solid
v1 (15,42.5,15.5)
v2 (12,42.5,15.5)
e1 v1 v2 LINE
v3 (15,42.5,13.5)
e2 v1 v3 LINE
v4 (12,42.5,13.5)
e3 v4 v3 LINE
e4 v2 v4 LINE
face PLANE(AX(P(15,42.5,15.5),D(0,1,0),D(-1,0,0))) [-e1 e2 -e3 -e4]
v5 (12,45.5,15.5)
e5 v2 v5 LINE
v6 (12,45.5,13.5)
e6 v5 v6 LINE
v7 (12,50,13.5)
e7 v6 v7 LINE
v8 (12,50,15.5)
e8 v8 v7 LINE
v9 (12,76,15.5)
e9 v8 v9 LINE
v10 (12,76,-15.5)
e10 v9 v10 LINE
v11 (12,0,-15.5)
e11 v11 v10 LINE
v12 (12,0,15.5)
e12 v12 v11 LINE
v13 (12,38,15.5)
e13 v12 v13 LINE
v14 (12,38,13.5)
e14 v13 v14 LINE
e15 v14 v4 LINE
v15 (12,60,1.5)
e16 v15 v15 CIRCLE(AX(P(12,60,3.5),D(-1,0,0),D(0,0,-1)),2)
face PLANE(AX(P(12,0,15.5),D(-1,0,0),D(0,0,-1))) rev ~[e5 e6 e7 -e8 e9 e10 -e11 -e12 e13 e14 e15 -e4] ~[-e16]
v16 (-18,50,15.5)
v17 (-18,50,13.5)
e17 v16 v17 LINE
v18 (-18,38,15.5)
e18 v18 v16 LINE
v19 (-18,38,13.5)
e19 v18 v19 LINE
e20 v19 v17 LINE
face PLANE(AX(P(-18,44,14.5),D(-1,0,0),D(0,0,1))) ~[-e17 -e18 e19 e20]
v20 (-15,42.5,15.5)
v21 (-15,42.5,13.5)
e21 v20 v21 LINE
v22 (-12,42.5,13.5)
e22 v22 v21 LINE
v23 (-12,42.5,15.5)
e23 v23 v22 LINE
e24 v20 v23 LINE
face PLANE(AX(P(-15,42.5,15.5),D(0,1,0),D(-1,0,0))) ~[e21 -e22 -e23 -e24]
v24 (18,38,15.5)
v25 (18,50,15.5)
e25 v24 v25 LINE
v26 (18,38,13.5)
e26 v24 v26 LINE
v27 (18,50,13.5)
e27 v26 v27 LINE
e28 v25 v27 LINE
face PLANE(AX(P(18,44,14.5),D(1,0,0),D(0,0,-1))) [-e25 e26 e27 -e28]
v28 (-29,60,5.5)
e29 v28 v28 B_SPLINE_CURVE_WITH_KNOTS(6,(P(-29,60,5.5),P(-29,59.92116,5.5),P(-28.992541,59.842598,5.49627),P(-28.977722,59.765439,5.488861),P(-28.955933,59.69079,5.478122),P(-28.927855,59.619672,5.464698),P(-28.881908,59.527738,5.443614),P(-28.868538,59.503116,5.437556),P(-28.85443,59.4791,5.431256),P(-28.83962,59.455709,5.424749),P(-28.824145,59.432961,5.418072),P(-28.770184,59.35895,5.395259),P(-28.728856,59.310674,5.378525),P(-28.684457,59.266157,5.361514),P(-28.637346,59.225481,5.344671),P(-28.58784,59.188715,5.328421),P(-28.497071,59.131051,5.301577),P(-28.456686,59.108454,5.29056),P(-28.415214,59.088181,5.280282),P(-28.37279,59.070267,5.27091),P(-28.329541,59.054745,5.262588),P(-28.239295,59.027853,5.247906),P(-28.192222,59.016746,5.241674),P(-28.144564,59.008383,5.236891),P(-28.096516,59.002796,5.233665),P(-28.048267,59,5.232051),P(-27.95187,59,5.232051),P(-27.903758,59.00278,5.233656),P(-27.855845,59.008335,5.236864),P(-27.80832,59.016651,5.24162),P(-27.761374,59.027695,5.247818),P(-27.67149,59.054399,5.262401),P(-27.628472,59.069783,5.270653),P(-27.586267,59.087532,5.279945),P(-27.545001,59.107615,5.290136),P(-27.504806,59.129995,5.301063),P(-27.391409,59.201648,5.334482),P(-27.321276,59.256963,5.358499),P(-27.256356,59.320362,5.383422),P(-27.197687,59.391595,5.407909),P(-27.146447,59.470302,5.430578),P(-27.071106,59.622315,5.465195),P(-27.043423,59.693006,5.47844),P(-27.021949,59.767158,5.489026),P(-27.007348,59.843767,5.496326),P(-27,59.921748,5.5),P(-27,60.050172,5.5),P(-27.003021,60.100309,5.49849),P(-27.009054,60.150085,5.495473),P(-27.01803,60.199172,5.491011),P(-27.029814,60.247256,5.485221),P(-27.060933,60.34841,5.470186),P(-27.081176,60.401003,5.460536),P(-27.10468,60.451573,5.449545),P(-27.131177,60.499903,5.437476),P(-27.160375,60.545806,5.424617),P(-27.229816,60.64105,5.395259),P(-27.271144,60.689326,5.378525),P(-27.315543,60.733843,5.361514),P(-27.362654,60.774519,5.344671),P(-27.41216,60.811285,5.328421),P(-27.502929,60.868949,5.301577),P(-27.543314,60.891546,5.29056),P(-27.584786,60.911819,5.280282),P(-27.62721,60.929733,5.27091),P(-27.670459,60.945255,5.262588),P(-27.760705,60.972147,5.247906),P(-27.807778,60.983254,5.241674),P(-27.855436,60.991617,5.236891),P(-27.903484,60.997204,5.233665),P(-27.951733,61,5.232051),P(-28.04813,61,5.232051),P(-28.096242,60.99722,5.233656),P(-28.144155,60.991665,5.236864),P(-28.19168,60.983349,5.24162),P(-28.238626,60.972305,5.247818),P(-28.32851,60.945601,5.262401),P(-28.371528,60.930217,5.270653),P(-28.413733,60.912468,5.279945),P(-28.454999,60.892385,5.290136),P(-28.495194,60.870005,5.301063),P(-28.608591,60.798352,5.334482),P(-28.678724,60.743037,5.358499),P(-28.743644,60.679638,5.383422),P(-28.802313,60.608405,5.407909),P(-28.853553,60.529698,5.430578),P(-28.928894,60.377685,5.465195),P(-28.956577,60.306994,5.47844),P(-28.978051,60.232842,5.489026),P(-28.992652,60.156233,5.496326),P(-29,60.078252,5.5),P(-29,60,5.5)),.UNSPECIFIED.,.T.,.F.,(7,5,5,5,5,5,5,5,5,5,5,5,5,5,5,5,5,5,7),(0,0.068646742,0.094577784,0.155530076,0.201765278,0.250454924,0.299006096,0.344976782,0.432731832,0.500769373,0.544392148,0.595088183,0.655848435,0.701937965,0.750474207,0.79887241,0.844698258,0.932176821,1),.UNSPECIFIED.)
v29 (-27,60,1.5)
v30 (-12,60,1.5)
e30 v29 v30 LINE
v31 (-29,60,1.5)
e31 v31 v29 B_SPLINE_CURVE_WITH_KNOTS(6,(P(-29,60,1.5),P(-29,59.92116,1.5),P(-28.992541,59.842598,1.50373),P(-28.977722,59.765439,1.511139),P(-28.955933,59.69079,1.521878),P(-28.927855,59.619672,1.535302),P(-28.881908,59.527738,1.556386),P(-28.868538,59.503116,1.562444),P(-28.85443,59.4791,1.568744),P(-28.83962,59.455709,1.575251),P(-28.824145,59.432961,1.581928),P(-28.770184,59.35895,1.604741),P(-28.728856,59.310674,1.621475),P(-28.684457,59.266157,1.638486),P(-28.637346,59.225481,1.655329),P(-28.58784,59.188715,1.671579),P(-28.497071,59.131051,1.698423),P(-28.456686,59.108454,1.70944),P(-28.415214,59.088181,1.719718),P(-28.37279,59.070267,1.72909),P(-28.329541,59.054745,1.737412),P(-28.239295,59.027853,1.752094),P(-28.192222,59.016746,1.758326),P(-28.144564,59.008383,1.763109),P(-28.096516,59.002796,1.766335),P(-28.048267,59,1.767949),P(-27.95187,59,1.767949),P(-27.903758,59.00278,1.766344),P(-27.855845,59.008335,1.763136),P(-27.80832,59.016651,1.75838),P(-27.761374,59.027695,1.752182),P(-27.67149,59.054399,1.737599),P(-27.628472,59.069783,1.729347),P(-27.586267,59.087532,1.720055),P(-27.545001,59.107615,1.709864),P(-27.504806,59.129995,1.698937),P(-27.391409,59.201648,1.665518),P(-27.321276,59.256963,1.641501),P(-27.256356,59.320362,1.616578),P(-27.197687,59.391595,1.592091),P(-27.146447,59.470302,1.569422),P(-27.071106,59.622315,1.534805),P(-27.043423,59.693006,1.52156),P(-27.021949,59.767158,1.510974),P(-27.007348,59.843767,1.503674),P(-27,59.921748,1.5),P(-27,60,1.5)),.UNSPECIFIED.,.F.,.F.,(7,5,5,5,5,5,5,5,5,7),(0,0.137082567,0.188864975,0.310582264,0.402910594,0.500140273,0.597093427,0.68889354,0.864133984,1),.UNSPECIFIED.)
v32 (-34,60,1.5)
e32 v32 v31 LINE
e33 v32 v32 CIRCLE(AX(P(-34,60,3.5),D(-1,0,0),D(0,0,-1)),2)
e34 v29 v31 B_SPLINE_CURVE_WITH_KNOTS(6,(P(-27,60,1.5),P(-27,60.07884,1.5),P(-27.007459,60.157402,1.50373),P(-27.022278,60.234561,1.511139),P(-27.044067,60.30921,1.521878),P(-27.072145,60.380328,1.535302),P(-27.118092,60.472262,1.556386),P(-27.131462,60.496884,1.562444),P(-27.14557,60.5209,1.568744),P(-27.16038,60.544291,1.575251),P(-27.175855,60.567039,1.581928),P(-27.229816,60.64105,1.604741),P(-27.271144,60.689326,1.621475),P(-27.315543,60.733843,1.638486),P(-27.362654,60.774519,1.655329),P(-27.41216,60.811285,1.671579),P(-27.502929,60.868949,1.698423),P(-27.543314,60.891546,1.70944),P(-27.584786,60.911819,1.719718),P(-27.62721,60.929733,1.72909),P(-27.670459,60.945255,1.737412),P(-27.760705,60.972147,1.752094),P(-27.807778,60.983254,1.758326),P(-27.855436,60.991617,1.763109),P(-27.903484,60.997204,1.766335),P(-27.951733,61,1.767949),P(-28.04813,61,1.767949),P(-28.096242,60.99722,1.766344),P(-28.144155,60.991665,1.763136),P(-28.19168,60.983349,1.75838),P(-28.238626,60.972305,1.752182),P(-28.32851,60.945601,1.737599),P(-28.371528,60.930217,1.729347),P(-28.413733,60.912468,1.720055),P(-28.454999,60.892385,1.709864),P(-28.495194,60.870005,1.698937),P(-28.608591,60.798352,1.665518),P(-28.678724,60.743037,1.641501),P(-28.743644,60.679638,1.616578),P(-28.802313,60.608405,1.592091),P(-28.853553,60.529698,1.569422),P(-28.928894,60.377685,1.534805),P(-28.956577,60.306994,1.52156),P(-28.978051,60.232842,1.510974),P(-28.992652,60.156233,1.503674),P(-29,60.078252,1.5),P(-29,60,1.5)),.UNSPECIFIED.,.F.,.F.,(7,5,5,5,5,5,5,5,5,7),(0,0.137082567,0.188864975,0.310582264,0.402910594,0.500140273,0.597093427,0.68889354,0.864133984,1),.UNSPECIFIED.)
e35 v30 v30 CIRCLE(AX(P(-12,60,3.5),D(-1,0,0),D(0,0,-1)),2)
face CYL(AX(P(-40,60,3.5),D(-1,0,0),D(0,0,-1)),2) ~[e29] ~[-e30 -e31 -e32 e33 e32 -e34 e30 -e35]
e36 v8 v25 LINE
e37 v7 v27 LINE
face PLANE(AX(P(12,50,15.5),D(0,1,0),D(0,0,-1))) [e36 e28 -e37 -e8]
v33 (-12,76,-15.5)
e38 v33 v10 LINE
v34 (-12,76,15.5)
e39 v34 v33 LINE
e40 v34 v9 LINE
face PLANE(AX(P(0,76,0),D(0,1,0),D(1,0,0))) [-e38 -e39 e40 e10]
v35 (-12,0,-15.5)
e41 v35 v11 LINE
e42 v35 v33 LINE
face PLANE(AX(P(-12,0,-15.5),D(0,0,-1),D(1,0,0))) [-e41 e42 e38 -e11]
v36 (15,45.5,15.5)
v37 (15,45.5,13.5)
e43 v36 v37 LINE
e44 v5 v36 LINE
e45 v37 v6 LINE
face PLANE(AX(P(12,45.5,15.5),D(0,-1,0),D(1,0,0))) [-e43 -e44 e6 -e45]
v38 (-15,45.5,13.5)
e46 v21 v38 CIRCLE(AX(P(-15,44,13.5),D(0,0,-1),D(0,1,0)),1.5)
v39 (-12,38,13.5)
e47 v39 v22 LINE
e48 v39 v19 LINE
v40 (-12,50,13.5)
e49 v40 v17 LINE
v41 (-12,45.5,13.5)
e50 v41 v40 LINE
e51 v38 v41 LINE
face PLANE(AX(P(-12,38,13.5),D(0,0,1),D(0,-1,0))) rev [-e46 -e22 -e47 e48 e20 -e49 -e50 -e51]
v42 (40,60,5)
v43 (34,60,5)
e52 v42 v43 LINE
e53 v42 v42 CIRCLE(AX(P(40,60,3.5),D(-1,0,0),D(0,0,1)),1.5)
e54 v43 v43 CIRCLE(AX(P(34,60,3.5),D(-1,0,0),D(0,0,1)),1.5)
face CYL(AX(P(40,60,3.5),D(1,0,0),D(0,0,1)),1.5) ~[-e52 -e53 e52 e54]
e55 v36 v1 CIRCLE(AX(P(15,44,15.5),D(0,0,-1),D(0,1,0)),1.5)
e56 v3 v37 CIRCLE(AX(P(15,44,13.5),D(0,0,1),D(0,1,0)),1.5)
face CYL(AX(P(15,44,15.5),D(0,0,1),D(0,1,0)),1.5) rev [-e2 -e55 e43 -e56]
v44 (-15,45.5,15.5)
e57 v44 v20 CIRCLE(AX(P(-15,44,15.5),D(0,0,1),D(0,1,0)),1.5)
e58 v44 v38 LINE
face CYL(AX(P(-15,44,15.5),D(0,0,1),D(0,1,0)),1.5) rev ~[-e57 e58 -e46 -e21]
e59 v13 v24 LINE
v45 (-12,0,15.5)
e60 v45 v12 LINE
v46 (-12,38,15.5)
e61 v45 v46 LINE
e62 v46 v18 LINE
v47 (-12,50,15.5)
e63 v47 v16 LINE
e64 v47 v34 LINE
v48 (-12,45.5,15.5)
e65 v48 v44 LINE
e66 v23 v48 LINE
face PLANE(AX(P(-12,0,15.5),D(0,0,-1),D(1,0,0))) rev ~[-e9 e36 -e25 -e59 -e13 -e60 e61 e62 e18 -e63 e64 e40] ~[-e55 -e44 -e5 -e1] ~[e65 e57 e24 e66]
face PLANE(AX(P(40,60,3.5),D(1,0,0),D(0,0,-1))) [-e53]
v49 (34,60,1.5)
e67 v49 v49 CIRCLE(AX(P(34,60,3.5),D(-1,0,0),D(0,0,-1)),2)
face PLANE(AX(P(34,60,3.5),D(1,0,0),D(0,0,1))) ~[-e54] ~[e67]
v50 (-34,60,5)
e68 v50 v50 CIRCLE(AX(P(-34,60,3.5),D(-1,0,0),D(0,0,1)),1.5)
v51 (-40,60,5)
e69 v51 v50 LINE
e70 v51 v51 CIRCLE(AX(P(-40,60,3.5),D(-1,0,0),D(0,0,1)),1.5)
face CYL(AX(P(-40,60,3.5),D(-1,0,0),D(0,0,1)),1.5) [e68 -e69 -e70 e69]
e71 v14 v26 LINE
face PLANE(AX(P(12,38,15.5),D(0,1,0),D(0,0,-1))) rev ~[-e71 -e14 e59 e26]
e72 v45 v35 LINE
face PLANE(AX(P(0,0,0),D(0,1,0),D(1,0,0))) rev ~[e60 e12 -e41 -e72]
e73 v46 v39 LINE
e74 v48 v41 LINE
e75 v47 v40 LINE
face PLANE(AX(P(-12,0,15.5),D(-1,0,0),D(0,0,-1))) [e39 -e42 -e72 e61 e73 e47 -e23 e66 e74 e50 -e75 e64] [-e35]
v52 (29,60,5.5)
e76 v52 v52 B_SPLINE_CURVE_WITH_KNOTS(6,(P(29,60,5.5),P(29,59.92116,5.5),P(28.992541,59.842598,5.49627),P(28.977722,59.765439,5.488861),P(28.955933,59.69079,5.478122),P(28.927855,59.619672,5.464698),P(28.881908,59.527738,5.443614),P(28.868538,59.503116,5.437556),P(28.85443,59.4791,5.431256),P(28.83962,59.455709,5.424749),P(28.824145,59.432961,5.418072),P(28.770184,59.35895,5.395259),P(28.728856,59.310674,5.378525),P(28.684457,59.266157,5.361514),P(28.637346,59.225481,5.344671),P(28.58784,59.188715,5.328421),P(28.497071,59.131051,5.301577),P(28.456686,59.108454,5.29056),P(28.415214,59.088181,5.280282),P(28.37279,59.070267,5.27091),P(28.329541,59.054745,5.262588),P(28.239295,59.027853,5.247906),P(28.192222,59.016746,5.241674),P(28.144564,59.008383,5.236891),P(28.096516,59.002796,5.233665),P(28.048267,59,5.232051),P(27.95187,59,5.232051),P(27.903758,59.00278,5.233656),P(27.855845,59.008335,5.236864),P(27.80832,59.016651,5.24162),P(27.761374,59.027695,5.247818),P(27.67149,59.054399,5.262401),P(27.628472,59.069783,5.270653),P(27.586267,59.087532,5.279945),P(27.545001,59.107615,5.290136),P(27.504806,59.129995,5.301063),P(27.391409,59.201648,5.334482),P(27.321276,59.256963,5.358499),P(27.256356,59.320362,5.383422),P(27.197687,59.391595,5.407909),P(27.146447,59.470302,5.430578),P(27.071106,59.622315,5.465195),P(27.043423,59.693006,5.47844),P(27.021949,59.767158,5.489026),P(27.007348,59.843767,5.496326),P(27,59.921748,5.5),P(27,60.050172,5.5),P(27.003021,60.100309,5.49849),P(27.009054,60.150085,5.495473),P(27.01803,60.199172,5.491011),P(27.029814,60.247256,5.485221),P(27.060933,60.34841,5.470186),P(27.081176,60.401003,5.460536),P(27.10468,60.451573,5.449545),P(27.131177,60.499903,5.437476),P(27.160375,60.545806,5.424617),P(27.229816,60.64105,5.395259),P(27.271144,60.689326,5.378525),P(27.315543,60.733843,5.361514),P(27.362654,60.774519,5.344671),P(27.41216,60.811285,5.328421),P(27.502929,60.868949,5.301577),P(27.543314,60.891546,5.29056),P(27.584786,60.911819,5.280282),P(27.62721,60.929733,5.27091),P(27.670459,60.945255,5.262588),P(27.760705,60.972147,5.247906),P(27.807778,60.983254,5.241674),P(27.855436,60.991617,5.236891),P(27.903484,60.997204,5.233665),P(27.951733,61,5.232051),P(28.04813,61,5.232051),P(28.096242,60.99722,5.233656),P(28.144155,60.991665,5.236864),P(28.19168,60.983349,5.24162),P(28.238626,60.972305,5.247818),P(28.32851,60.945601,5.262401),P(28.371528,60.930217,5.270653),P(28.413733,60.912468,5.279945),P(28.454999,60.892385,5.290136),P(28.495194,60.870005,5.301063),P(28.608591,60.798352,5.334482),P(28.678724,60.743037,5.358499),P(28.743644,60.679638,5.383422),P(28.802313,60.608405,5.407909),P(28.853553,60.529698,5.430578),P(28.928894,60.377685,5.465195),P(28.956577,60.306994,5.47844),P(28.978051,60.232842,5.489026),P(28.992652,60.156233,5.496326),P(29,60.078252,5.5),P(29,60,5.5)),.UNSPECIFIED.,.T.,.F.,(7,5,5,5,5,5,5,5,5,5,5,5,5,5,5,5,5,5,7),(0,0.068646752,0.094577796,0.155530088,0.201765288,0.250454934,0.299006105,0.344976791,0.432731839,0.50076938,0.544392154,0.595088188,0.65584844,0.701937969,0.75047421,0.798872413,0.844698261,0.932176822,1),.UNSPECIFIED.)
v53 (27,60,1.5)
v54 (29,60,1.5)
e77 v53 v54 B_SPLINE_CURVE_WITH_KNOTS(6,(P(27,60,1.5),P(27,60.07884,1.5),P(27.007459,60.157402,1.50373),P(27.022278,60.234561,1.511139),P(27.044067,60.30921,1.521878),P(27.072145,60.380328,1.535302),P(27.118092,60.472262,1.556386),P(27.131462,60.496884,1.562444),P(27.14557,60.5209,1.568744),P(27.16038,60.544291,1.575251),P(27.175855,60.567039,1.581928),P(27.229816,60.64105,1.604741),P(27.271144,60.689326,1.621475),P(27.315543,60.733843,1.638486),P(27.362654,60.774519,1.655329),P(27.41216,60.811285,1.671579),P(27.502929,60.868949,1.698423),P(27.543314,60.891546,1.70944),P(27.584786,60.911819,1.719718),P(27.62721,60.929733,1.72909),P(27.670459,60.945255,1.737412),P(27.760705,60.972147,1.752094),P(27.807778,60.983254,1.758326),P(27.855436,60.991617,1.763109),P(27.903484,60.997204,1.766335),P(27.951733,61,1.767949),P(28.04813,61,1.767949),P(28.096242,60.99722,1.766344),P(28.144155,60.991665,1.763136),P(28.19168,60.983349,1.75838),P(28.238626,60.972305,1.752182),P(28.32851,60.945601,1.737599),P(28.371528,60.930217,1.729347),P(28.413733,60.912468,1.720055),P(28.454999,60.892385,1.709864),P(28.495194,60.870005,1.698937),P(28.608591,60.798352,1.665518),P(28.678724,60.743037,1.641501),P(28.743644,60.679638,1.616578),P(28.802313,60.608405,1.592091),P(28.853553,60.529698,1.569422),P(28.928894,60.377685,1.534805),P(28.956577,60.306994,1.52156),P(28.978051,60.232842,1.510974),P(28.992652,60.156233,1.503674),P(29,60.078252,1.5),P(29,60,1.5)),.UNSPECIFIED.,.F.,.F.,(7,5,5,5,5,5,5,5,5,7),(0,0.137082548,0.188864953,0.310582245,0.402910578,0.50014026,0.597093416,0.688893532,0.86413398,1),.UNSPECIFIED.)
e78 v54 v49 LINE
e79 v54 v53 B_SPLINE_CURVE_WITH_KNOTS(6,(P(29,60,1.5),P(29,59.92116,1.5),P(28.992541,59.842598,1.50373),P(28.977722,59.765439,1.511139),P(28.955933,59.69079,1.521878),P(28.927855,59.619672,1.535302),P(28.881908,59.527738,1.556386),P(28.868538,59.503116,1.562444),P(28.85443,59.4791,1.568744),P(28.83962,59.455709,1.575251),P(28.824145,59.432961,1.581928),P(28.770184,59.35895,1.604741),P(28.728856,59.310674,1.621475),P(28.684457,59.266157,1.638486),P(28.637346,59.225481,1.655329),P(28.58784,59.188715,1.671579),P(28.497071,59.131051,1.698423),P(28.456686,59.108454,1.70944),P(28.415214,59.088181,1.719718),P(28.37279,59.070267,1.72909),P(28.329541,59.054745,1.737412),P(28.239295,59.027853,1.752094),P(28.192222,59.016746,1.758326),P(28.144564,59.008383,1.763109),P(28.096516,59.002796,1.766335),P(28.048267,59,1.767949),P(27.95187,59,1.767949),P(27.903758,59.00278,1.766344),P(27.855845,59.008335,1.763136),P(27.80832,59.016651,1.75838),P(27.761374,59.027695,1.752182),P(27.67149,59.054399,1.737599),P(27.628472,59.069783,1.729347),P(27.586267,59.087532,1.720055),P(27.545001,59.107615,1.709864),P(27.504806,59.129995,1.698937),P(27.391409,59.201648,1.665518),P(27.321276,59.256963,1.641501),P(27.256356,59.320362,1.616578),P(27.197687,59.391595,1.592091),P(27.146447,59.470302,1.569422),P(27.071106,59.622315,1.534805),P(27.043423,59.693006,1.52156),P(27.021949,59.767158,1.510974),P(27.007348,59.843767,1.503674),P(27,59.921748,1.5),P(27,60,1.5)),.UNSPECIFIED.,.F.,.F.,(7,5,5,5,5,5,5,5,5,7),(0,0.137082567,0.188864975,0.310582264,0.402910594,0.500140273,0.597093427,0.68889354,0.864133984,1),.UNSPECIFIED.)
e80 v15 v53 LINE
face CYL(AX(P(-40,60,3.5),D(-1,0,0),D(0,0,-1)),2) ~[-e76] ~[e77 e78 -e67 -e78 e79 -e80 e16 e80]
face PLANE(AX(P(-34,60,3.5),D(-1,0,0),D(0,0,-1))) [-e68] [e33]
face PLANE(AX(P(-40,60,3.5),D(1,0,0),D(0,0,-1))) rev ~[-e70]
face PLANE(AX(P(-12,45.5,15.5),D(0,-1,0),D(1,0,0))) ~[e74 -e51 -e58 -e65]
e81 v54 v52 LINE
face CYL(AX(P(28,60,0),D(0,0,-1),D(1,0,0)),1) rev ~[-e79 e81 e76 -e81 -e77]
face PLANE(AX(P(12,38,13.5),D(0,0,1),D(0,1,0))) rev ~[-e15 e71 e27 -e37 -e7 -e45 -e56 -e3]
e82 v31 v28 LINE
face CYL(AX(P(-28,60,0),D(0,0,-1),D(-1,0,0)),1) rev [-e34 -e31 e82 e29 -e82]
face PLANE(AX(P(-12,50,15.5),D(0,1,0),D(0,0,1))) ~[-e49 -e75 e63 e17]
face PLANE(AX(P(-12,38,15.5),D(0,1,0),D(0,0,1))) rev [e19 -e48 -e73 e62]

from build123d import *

# Parameters (mm, degrees)
SKETCH1_W                = 24
SKETCH1_H                = 31
BOSS_EXTRUDE1_DEPTH      = 76
BOSS_EXTRUDE2_DEPTH      = 28
BOSS_EXTRUDE2_DEPTH_BACK = 52
SKETCH2_R                = 2
SKETCH7_R                = 2
SKETCH7_R_2              = 1.5
CUT_EXTRUDE1_DEPTH       = 6
SKETCH17_R               = 1
CUT_EXTRUDE3_DEPTH       = 88.271129247
SKETCH18_W               = 2
SKETCH18_H               = 12
BOSS_EXTRUDE3_DEPTH      = 6
CUT_EXTRUDE4_REACH       = 93.307


with BuildPart() as part:
    # Sketch1 → Boss-Extrude1 (new body)
    with BuildSketch(Plane(origin=(0, 0, 0), x_dir=(1, 0, 0), z_dir=(0, 1, 0))):
        Rectangle(SKETCH1_W, SKETCH1_H)
    extrude(amount=BOSS_EXTRUDE1_DEPTH)

    # Sketch2 → Boss-Extrude2 (add, two sides: drawn at the far end of the back side and taken through both)
    with BuildSketch(Plane(origin=(12, 0, 0), x_dir=(0, 0, -1), z_dir=(1, 0, 0)).offset(-BOSS_EXTRUDE2_DEPTH_BACK)):
        with Locations((-3.5, 60)):
            Circle(SKETCH2_R)
    extrude(amount=BOSS_EXTRUDE2_DEPTH + BOSS_EXTRUDE2_DEPTH_BACK)

    # Sketch7 → Cut-Extrude1 (cut)
    with BuildSketch(Plane.ZY.offset(40)):
        with Locations(Location((3.5, 60, 0), (0, 0, 180))):
            Circle(SKETCH7_R)
        with Locations((3.5, 60)):
            Circle(SKETCH7_R_2, mode=Mode.SUBTRACT)
    cut_extrude1 = extrude(amount=-CUT_EXTRUDE1_DEPTH, mode=Mode.SUBTRACT)

    # Sketch17 → Cut-Extrude3 (cut, through all)
    with BuildSketch(Plane.XY):
        with Locations(Location((-28, 60, 0), (0, 0, 180))):
            Circle(SKETCH17_R)
    cut_extrude3 = extrude(amount=CUT_EXTRUDE3_DEPTH, mode=Mode.SUBTRACT)

    # Mirror7: Cut-Extrude1 across plane
    add(cut_extrude1.mirror(Plane(origin=(0, 0, 0), x_dir=(0, 0, 1), z_dir=(1, 0, 0))), mode=Mode.SUBTRACT)

    # Sketch18 → Boss-Extrude3 (add)
    with BuildSketch(Plane(origin=(12, 0, 0), x_dir=(0, 0, -1), z_dir=(1, 0, 0))):
        with Locations((-14.5, 44)):
            Rectangle(SKETCH18_W, SKETCH18_H)
    boss_extrude3 = extrude(amount=BOSS_EXTRUDE3_DEPTH)

    # Sketch19 → Cut-Extrude4 (cut, up to next)
    with BuildSketch(Plane.XY.offset(15.5), mode=Mode.PRIVATE) as cut_extrude4_sk1:
        with BuildLine():
            Line((12, 45.5), (15, 45.5))
            ThreePointArc((15, 45.5), (16.5, 44), (15, 42.5))
            Line((15, 42.5), (12, 42.5))
            Line((12, 42.5), (12, 45.5))
        make_face()
    cut_extrude4_tool1 = extrude(cut_extrude4_sk1.sketch, amount=-CUT_EXTRUDE4_REACH, mode=Mode.PRIVATE) & part.part
    cut_extrude4 = cut_extrude4_tool1.solids().sort_by_distance((14.102462, 44, 15.5))[0]
    add(cut_extrude4, mode=Mode.SUBTRACT)

    # Mirror8: Boss-Extrude3, Cut-Extrude4 across plane
    add(boss_extrude3.mirror(Plane(origin=(0, 0, 0), x_dir=(0, 0, 1), z_dir=(1, 0, 0))))
    add(cut_extrude4.mirror(Plane(origin=(0, 0, 0), x_dir=(0, 0, 1), z_dir=(1, 0, 0))), mode=Mode.SUBTRACT)

    # Mirror9: Cut-Extrude3 across plane
    add(cut_extrude3.mirror(Plane(origin=(0, 0, 0), x_dir=(0, 0, 1), z_dir=(1, 0, 0))), mode=Mode.SUBTRACT)


solid = part.part
